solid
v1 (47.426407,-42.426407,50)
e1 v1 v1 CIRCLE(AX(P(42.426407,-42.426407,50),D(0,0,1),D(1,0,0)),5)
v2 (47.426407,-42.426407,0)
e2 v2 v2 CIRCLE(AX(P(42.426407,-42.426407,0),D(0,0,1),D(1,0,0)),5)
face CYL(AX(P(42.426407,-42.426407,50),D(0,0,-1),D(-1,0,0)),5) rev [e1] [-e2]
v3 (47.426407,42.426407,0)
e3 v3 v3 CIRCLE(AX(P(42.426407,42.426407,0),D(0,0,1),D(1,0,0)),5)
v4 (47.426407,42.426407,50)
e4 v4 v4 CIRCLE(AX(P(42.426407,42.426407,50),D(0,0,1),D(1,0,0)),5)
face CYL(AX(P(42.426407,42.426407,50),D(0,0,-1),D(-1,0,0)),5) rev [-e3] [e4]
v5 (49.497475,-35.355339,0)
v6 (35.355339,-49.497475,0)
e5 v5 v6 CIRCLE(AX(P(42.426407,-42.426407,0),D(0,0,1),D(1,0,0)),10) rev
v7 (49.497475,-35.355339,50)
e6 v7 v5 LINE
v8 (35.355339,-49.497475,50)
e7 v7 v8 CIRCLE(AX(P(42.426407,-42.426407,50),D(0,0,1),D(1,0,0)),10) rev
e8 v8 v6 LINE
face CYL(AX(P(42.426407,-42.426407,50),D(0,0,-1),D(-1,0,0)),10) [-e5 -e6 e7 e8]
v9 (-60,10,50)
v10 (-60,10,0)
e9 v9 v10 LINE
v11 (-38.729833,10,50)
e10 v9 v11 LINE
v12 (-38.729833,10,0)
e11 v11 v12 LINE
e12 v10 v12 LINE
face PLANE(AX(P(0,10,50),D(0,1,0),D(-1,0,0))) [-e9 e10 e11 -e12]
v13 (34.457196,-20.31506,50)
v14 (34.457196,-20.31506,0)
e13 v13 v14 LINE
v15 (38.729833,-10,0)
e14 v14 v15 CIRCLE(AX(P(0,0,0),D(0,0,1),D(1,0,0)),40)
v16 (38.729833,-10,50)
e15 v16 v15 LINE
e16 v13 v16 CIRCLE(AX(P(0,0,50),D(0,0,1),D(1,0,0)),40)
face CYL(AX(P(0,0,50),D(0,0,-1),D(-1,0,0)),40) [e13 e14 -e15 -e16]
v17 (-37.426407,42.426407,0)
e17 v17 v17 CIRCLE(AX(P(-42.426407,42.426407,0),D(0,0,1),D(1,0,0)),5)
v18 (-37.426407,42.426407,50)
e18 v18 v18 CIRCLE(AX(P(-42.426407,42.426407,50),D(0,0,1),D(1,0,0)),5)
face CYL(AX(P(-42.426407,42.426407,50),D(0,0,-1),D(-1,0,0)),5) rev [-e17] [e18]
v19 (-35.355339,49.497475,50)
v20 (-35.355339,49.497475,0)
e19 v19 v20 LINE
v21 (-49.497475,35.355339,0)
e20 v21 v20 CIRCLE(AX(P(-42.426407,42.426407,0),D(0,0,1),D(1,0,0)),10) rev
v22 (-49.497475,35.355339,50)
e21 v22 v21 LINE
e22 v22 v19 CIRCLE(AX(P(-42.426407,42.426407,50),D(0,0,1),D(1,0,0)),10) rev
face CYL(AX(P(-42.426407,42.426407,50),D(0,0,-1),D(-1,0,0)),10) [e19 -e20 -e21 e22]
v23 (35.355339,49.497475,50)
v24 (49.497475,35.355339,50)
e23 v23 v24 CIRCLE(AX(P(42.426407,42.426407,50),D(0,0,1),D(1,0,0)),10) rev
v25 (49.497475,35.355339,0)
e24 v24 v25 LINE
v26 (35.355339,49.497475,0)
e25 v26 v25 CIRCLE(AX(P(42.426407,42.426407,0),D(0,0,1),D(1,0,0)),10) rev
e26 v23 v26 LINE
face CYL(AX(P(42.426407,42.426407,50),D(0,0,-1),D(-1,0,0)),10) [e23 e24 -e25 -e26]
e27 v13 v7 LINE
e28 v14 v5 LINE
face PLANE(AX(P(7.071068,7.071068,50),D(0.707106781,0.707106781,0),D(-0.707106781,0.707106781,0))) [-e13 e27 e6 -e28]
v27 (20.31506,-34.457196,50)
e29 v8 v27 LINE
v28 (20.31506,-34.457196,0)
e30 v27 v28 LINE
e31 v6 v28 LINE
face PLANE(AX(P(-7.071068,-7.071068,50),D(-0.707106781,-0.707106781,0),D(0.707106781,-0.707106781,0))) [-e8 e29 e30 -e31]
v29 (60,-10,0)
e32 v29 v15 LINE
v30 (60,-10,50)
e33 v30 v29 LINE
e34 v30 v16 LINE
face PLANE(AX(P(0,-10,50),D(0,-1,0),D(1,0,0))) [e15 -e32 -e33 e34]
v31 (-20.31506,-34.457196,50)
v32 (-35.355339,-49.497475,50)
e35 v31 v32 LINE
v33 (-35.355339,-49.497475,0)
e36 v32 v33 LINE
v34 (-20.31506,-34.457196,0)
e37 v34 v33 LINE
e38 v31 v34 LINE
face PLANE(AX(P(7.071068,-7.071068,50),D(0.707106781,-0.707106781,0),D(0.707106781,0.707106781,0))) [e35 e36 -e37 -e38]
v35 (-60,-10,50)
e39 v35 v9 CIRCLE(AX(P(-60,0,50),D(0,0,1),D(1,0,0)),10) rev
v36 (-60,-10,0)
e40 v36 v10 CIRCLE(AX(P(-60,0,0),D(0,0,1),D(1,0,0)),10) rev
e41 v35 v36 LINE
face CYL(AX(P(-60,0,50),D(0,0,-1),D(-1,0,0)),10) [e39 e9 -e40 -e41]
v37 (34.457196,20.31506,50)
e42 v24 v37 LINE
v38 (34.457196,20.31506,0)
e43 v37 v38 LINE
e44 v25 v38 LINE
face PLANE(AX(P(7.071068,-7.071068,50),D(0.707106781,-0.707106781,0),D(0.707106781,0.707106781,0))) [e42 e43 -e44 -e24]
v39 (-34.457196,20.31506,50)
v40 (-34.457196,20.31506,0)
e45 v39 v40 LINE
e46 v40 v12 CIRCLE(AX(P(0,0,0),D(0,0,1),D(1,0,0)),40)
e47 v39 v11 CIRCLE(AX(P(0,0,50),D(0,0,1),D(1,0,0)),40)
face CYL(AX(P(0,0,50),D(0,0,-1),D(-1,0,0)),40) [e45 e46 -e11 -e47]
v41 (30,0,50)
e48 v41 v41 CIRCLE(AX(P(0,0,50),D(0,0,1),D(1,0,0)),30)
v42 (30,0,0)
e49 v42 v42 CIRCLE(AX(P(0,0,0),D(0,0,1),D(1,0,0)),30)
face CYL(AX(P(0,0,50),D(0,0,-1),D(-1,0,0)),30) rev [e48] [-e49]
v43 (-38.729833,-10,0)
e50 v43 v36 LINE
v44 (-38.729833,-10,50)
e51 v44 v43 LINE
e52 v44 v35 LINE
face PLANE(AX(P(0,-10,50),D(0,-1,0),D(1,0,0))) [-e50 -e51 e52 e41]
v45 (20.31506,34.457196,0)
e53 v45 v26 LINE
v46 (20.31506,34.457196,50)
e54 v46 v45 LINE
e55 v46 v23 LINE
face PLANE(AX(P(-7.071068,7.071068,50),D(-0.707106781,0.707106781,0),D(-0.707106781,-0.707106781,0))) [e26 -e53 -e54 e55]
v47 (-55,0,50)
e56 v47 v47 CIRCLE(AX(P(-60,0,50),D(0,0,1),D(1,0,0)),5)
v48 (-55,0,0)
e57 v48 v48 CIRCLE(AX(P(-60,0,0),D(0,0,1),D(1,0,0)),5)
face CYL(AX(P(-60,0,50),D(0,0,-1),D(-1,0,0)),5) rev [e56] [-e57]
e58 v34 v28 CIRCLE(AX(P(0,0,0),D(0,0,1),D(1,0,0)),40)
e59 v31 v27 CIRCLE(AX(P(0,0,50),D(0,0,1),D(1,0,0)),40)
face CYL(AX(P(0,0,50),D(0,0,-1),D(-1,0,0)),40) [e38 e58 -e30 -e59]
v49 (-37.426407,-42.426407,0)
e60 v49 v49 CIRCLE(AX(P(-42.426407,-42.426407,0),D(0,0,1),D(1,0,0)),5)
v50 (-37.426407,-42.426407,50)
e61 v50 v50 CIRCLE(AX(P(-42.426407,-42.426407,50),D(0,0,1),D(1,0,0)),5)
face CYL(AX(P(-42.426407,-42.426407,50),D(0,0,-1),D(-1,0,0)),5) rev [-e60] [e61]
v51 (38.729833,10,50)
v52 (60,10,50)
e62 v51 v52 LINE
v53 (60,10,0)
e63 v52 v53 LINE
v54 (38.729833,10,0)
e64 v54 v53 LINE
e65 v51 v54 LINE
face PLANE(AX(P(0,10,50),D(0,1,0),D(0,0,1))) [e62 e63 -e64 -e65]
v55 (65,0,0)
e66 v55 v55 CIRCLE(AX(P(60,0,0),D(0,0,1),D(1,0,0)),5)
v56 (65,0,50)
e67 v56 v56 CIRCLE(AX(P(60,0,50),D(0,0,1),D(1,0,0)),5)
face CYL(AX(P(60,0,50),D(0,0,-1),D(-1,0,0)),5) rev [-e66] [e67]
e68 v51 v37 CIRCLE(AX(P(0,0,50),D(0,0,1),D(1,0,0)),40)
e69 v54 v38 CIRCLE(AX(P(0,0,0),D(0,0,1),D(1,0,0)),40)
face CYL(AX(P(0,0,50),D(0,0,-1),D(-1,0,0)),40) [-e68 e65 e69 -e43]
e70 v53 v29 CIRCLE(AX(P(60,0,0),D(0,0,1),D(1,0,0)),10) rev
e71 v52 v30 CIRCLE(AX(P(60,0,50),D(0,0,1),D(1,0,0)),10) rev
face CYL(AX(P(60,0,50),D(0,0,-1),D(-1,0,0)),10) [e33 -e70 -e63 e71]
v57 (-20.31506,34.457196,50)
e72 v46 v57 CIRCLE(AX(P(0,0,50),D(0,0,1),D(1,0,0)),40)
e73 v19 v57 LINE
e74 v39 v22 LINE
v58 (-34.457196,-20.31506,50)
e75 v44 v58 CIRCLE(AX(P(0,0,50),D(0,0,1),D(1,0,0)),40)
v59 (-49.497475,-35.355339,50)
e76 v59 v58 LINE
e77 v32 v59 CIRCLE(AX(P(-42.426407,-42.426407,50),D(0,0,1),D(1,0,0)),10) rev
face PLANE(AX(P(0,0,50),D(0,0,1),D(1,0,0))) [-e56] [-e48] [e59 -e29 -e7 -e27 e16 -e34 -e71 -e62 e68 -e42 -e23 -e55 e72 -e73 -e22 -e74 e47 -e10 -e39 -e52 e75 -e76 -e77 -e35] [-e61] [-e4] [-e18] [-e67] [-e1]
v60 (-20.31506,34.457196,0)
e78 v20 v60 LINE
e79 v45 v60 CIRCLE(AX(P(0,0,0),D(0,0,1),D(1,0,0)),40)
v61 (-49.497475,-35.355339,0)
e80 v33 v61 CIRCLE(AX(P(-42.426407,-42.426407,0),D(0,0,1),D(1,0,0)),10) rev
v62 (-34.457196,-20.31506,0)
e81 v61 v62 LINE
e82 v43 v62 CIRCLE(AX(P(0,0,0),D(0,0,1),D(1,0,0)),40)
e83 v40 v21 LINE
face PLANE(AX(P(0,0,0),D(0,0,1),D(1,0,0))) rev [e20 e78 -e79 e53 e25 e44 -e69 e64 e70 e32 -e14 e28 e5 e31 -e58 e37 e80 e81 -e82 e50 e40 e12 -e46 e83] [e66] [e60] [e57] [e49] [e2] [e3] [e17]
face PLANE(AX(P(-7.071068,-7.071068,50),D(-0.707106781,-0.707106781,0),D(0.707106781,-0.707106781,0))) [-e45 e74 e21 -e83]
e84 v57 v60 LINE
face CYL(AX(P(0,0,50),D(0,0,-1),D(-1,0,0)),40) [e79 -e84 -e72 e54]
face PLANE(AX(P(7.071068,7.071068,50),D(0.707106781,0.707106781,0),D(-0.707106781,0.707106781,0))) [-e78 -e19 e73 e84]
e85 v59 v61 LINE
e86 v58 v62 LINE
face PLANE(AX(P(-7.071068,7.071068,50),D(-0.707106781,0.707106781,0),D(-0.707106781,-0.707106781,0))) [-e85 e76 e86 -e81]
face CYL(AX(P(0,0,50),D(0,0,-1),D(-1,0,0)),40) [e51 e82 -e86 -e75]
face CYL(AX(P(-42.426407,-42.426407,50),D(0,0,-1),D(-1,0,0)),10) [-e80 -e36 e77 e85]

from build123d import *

# Parameters (mm, degrees)
SKETCH1_R           = 40
SKETCH1_R_2         = 30
SKETCH1_R_3         = 5
BOSS_EXTRUDE1_DEPTH = 50


with BuildPart() as part:
    # Sketch1 → Boss-Extrude1 (new body)
    # profile 1 of 7: a face of its own
    with BuildSketch(Plane.XY):
        Circle(SKETCH1_R)
        Circle(SKETCH1_R_2, mode=Mode.SUBTRACT)
    # profile 2 of 7: a face of its own
    with BuildSketch(Plane.XY):
        with BuildLine():
            ThreePointArc((-34.457195687, 20.315060063), (-28.284271247, 28.284271247), (-20.315060063, 34.457195687))
            Line((-20.315060063, 34.457195687), (-35.355339059, 49.497474683))
            ThreePointArc((-35.355339059, 49.497474683), (-49.497474683, 49.497474683), (-49.497474683, 35.355339059))
            Line((-49.497474683, 35.355339059), (-34.457195687, 20.315060063))
        make_face()
        with Locations((-42.426406871, 42.426406871)):
            Circle(SKETCH1_R_3, mode=Mode.SUBTRACT)
    # profile 3 of 7: a face of its own
    with BuildSketch(Plane.XY):
        with BuildLine():
            ThreePointArc((-38.729833462, -10), (-40, 0), (-38.729833462, 10))
            Line((-38.729833462, 10), (-60, 10))
            ThreePointArc((-60, 10), (-70, 0), (-60, -10))
            Line((-60, -10), (-38.729833462, -10))
        make_face()
        with Locations((-60, 0)):
            Circle(SKETCH1_R_3, mode=Mode.SUBTRACT)
    # profile 4 of 7: a face of its own
    with BuildSketch(Plane.XY):
        with BuildLine():
            Line((-35.355339059, -49.497474683), (-20.315060063, -34.457195687))
            ThreePointArc((-20.315060063, -34.457195687), (-28.284271247, -28.284271247), (-34.457195687, -20.315060063))
            Line((-34.457195687, -20.315060063), (-49.497474683, -35.355339059))
            ThreePointArc((-49.497474683, -35.355339059), (-49.497474683, -49.497474683), (-35.355339059, -49.497474683))
        make_face()
        with Locations((-42.426406871, -42.426406871)):
            Circle(SKETCH1_R_3, mode=Mode.SUBTRACT)
    # profile 5 of 7: a face of its own
    with BuildSketch(Plane.XY):
        with BuildLine():
            Line((49.497474683, -35.355339059), (34.457195687, -20.315060063))
            ThreePointArc((34.457195687, -20.315060063), (28.284271247, -28.284271247), (20.315060063, -34.457195687))
            Line((20.315060063, -34.457195687), (35.355339059, -49.497474683))
            ThreePointArc((35.355339059, -49.497474683), (49.497474683, -49.497474683), (49.497474683, -35.355339059))
        make_face()
        with Locations((42.426406871, -42.426406871)):
            Circle(SKETCH1_R_3, mode=Mode.SUBTRACT)
    # profile 6 of 7: a face of its own
    with BuildSketch(Plane.XY):
        with BuildLine():
            Line((60, 10), (38.729833462, 10))
            ThreePointArc((38.729833462, 10), (39.681187851, 5.040171699), (40, 0))
            ThreePointArc((40, 0), (39.681187851, -5.040171699), (38.729833462, -10))
            Line((38.729833462, -10), (60, -10))
            ThreePointArc((60, -10), (70, 0), (60, 10))
        make_face()
        with Locations((60, 0)):
            Circle(SKETCH1_R_3, mode=Mode.SUBTRACT)
    # profile 7 of 7: a face of its own
    with BuildSketch(Plane.XY):
        with BuildLine():
            ThreePointArc((20.315060063, 34.457195687), (28.284271247, 28.284271247), (34.457195687, 20.315060063))
            Line((34.457195687, 20.315060063), (49.497474683, 35.355339059))
            ThreePointArc((49.497474683, 35.355339059), (49.497474683, 49.497474683), (35.355339059, 49.497474683))
            Line((35.355339059, 49.497474683), (20.315060063, 34.457195687))
        make_face()
        with Locations((42.426406871, 42.426406871)):
            Circle(SKETCH1_R_3, mode=Mode.SUBTRACT)
    extrude(amount=BOSS_EXTRUDE1_DEPTH)


solid = part.part
